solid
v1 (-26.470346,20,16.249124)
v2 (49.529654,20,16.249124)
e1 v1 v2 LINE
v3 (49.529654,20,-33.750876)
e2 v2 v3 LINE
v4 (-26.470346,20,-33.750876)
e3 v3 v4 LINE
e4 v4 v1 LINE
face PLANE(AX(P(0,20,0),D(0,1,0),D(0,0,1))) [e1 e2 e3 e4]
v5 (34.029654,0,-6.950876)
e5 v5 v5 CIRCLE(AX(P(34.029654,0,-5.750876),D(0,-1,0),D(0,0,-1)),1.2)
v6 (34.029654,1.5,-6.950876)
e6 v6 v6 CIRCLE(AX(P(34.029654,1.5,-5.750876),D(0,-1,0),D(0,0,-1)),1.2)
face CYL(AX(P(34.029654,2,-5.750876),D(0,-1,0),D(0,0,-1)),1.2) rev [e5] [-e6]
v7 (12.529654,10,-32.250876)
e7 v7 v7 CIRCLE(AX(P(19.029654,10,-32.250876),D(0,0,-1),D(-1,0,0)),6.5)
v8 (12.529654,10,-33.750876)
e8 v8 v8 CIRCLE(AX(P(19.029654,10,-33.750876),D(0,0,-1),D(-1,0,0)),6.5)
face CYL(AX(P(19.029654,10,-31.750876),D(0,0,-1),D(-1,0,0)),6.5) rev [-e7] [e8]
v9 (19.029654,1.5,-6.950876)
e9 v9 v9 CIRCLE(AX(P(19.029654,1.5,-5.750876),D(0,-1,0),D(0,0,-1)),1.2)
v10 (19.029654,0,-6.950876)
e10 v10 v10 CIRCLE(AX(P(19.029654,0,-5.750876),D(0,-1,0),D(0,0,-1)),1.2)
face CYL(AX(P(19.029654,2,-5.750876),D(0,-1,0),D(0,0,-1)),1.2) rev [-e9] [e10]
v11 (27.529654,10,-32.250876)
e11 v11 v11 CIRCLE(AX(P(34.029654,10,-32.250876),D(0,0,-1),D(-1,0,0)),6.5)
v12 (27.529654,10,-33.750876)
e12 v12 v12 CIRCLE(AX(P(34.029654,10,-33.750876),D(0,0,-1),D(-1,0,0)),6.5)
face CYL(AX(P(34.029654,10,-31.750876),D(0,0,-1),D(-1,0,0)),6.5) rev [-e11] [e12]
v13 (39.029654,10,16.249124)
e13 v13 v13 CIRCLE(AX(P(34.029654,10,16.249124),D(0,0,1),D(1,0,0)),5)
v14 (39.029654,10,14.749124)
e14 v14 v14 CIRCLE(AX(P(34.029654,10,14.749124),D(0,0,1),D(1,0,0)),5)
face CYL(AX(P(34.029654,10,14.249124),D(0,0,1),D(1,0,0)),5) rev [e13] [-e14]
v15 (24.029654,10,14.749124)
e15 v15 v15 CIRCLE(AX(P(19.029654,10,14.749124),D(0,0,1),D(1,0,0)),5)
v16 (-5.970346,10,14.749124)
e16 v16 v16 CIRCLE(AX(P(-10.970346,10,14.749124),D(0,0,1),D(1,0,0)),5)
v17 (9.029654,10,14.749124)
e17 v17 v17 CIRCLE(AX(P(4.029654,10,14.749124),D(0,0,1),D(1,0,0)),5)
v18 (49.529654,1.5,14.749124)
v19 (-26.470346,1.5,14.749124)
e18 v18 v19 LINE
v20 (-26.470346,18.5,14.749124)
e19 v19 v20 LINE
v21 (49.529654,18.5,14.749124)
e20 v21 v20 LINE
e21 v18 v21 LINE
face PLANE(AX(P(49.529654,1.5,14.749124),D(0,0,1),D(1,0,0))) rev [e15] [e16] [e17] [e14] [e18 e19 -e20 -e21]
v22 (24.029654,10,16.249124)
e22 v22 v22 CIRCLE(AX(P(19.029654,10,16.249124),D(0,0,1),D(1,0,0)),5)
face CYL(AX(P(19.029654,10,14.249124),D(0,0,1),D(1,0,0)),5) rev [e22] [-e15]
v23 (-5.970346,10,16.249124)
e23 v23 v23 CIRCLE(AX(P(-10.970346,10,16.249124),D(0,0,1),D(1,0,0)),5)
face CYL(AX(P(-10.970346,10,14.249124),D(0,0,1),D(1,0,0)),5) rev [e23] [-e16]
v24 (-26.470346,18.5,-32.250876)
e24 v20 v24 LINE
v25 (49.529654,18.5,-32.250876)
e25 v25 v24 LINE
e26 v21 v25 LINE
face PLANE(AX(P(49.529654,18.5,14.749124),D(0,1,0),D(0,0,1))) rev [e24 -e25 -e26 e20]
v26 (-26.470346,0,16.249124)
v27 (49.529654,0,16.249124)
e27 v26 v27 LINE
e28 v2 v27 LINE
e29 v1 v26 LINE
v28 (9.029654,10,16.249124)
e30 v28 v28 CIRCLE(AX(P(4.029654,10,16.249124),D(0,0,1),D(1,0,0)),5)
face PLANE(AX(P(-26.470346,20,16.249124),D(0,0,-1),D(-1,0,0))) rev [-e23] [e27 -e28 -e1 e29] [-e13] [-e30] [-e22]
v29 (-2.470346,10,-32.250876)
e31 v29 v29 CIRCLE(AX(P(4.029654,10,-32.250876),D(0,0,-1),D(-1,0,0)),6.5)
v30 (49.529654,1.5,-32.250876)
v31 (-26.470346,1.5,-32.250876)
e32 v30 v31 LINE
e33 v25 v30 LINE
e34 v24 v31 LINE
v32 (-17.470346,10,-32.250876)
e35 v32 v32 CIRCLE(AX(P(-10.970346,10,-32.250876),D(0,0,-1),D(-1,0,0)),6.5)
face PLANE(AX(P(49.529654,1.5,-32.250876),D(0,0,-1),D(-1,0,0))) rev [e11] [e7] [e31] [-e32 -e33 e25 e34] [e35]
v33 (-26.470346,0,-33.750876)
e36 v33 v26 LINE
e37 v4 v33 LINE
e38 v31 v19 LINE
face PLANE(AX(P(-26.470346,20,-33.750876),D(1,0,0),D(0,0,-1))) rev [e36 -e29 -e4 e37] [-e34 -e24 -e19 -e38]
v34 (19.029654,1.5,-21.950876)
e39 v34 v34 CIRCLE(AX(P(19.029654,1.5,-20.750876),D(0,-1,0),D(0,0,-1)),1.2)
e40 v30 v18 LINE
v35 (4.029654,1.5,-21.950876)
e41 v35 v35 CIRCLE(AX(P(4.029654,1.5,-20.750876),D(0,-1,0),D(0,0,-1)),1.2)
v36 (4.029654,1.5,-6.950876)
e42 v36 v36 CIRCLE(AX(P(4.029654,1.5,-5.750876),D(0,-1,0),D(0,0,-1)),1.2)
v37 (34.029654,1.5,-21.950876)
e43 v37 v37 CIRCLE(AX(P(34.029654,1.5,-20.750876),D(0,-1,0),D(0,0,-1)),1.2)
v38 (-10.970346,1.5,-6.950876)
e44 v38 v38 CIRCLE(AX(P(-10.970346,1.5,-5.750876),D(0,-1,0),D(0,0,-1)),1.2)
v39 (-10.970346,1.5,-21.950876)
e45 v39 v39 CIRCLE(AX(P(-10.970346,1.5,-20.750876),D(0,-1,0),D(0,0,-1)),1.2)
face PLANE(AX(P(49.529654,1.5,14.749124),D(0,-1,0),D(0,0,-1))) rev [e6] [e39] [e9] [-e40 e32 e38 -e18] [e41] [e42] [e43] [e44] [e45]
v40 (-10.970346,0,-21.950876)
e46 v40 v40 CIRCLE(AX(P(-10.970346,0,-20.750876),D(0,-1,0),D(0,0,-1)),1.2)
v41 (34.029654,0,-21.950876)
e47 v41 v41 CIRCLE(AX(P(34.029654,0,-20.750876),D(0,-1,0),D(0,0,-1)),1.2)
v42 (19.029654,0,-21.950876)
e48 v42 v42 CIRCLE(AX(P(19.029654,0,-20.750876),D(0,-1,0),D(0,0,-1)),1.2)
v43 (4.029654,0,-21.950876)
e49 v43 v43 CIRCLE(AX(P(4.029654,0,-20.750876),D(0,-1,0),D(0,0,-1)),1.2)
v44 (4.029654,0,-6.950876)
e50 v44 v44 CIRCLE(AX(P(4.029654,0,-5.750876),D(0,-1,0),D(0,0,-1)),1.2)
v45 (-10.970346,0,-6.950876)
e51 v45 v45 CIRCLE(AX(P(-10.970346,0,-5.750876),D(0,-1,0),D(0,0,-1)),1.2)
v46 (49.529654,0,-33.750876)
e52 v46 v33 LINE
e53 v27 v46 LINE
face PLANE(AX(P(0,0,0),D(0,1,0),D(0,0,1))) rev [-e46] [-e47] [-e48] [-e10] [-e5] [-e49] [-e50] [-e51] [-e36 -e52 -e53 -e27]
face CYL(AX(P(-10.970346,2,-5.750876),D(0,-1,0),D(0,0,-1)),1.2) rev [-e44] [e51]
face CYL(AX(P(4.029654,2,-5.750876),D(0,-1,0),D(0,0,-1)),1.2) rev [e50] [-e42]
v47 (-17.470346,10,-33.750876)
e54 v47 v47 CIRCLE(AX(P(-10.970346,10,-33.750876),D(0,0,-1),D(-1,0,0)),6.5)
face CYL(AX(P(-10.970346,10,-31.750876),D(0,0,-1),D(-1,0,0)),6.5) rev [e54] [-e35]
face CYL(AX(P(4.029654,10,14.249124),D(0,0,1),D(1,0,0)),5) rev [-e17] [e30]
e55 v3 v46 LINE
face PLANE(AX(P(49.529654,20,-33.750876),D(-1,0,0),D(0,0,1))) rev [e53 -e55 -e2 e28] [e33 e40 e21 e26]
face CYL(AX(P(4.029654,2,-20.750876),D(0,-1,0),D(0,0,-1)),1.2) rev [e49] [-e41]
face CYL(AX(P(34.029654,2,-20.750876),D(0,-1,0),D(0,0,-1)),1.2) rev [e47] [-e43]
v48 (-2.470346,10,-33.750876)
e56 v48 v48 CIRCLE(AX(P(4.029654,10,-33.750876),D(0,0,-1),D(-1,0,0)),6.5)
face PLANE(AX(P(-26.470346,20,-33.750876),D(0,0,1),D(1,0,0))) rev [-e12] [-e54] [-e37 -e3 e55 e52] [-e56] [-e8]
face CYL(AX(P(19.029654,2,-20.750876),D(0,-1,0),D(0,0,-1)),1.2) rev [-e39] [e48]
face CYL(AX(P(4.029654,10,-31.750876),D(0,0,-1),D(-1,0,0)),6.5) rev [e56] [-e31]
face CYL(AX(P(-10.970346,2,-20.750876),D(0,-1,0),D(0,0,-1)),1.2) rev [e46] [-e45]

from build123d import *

# Parameters (mm, degrees)
SKETCH1_W           = 76
SKETCH1_H           = 50
BOSS_EXTRUDE1_DEPTH = 20
SKETCH2_W           = 47
SKETCH2_H           = 17
CUT_EXTRUDE1_DEPTH  = 76
SKETCH3_R           = 6.5
CUT_EXTRUDE2_DEPTH  = 2
SKETCH4_R           = 5
CUT_EXTRUDE3_DEPTH  = 2
SKETCH5_R           = 1.2
CUT_EXTRUDE4_DEPTH  = 2


with BuildPart() as part:
    # Sketch1 → Boss-Extrude1 (new body)
    with BuildSketch(Plane(origin=(0, 0, 0), x_dir=(1, 0, 0), z_dir=(0, 1, 0))):
        with Locations((11.529653553, 8.750876438)):
            Rectangle(SKETCH1_W, SKETCH1_H)
    extrude(amount=BOSS_EXTRUDE1_DEPTH)

    # Sketch2 → Cut-Extrude1 (cut)
    with BuildSketch(Plane.ZY.offset(26.470346447)):
        with Locations((-8.750876438, 10)):
            Rectangle(SKETCH2_W, SKETCH2_H)
    extrude(amount=-CUT_EXTRUDE1_DEPTH, mode=Mode.SUBTRACT)

    # Sketch3 → Cut-Extrude2 (cut)
    with BuildSketch(Plane(origin=(0, 0, -33.750876438), x_dir=(-1, 0, 0), z_dir=(0, 0, -1))):
        with Locations((10.970346447, 10)):
            Circle(SKETCH3_R)
        with Locations((-4.029653553, 10)):
            Circle(SKETCH3_R)
        with Locations((-19.029653553, 10)):
            Circle(SKETCH3_R)
        with Locations((-34.029653553, 10)):
            Circle(SKETCH3_R)
    extrude(amount=-CUT_EXTRUDE2_DEPTH, mode=Mode.SUBTRACT)

    # Sketch4 → Cut-Extrude3 (cut)
    with BuildSketch(Plane.XY.offset(16.249123562)):
        with Locations((-10.970346447, 10)):
            Circle(SKETCH4_R)
        with Locations((4.029653553, 10)):
            Circle(SKETCH4_R)
        with Locations((19.029653553, 10)):
            Circle(SKETCH4_R)
        with Locations((34.029653553, 10)):
            Circle(SKETCH4_R)
    extrude(amount=-CUT_EXTRUDE3_DEPTH, mode=Mode.SUBTRACT)

    # Sketch5 → Cut-Extrude4 (cut)
    with BuildSketch(Plane(origin=(0, 0, 0), x_dir=(-1, 0, 0), z_dir=(0, -1, 0))):
        with Locations(Location((-34.029653553, 20.750876438, 0), (0, 0, 90))):  # turned: the seam where the file's is
            Circle(SKETCH5_R)
        with Locations(Location((-19.029653553, 20.750876438, 0), (0, 0, 90))):  # turned: the seam where the file's is
            Circle(SKETCH5_R)
        with Locations(Location((-4.029653553, 20.750876438, 0), (0, 0, 90))):  # turned: the seam where the file's is
            Circle(SKETCH5_R)
        with Locations(Location((10.970346447, 20.750876438, 0), (0, 0, 90))):  # turned: the seam where the file's is
            Circle(SKETCH5_R)
        with Locations(Location((-19.029653553, 5.750876438, 0), (0, 0, 90))):  # turned: the seam where the file's is
            Circle(SKETCH5_R)
        with Locations(Location((-4.029653553, 5.750876438, 0), (0, 0, 90))):  # turned: the seam where the file's is
            Circle(SKETCH5_R)
        with Locations(Location((10.970346447, 5.750876438, 0), (0, 0, 90))):  # turned: the seam where the file's is
            Circle(SKETCH5_R)
        with Locations(Location((-34.029653553, 5.750876438, 0), (0, 0, 90))):  # turned: the seam where the file's is
            Circle(SKETCH5_R)
    extrude(amount=-CUT_EXTRUDE4_DEPTH, mode=Mode.SUBTRACT)


solid = part.part
